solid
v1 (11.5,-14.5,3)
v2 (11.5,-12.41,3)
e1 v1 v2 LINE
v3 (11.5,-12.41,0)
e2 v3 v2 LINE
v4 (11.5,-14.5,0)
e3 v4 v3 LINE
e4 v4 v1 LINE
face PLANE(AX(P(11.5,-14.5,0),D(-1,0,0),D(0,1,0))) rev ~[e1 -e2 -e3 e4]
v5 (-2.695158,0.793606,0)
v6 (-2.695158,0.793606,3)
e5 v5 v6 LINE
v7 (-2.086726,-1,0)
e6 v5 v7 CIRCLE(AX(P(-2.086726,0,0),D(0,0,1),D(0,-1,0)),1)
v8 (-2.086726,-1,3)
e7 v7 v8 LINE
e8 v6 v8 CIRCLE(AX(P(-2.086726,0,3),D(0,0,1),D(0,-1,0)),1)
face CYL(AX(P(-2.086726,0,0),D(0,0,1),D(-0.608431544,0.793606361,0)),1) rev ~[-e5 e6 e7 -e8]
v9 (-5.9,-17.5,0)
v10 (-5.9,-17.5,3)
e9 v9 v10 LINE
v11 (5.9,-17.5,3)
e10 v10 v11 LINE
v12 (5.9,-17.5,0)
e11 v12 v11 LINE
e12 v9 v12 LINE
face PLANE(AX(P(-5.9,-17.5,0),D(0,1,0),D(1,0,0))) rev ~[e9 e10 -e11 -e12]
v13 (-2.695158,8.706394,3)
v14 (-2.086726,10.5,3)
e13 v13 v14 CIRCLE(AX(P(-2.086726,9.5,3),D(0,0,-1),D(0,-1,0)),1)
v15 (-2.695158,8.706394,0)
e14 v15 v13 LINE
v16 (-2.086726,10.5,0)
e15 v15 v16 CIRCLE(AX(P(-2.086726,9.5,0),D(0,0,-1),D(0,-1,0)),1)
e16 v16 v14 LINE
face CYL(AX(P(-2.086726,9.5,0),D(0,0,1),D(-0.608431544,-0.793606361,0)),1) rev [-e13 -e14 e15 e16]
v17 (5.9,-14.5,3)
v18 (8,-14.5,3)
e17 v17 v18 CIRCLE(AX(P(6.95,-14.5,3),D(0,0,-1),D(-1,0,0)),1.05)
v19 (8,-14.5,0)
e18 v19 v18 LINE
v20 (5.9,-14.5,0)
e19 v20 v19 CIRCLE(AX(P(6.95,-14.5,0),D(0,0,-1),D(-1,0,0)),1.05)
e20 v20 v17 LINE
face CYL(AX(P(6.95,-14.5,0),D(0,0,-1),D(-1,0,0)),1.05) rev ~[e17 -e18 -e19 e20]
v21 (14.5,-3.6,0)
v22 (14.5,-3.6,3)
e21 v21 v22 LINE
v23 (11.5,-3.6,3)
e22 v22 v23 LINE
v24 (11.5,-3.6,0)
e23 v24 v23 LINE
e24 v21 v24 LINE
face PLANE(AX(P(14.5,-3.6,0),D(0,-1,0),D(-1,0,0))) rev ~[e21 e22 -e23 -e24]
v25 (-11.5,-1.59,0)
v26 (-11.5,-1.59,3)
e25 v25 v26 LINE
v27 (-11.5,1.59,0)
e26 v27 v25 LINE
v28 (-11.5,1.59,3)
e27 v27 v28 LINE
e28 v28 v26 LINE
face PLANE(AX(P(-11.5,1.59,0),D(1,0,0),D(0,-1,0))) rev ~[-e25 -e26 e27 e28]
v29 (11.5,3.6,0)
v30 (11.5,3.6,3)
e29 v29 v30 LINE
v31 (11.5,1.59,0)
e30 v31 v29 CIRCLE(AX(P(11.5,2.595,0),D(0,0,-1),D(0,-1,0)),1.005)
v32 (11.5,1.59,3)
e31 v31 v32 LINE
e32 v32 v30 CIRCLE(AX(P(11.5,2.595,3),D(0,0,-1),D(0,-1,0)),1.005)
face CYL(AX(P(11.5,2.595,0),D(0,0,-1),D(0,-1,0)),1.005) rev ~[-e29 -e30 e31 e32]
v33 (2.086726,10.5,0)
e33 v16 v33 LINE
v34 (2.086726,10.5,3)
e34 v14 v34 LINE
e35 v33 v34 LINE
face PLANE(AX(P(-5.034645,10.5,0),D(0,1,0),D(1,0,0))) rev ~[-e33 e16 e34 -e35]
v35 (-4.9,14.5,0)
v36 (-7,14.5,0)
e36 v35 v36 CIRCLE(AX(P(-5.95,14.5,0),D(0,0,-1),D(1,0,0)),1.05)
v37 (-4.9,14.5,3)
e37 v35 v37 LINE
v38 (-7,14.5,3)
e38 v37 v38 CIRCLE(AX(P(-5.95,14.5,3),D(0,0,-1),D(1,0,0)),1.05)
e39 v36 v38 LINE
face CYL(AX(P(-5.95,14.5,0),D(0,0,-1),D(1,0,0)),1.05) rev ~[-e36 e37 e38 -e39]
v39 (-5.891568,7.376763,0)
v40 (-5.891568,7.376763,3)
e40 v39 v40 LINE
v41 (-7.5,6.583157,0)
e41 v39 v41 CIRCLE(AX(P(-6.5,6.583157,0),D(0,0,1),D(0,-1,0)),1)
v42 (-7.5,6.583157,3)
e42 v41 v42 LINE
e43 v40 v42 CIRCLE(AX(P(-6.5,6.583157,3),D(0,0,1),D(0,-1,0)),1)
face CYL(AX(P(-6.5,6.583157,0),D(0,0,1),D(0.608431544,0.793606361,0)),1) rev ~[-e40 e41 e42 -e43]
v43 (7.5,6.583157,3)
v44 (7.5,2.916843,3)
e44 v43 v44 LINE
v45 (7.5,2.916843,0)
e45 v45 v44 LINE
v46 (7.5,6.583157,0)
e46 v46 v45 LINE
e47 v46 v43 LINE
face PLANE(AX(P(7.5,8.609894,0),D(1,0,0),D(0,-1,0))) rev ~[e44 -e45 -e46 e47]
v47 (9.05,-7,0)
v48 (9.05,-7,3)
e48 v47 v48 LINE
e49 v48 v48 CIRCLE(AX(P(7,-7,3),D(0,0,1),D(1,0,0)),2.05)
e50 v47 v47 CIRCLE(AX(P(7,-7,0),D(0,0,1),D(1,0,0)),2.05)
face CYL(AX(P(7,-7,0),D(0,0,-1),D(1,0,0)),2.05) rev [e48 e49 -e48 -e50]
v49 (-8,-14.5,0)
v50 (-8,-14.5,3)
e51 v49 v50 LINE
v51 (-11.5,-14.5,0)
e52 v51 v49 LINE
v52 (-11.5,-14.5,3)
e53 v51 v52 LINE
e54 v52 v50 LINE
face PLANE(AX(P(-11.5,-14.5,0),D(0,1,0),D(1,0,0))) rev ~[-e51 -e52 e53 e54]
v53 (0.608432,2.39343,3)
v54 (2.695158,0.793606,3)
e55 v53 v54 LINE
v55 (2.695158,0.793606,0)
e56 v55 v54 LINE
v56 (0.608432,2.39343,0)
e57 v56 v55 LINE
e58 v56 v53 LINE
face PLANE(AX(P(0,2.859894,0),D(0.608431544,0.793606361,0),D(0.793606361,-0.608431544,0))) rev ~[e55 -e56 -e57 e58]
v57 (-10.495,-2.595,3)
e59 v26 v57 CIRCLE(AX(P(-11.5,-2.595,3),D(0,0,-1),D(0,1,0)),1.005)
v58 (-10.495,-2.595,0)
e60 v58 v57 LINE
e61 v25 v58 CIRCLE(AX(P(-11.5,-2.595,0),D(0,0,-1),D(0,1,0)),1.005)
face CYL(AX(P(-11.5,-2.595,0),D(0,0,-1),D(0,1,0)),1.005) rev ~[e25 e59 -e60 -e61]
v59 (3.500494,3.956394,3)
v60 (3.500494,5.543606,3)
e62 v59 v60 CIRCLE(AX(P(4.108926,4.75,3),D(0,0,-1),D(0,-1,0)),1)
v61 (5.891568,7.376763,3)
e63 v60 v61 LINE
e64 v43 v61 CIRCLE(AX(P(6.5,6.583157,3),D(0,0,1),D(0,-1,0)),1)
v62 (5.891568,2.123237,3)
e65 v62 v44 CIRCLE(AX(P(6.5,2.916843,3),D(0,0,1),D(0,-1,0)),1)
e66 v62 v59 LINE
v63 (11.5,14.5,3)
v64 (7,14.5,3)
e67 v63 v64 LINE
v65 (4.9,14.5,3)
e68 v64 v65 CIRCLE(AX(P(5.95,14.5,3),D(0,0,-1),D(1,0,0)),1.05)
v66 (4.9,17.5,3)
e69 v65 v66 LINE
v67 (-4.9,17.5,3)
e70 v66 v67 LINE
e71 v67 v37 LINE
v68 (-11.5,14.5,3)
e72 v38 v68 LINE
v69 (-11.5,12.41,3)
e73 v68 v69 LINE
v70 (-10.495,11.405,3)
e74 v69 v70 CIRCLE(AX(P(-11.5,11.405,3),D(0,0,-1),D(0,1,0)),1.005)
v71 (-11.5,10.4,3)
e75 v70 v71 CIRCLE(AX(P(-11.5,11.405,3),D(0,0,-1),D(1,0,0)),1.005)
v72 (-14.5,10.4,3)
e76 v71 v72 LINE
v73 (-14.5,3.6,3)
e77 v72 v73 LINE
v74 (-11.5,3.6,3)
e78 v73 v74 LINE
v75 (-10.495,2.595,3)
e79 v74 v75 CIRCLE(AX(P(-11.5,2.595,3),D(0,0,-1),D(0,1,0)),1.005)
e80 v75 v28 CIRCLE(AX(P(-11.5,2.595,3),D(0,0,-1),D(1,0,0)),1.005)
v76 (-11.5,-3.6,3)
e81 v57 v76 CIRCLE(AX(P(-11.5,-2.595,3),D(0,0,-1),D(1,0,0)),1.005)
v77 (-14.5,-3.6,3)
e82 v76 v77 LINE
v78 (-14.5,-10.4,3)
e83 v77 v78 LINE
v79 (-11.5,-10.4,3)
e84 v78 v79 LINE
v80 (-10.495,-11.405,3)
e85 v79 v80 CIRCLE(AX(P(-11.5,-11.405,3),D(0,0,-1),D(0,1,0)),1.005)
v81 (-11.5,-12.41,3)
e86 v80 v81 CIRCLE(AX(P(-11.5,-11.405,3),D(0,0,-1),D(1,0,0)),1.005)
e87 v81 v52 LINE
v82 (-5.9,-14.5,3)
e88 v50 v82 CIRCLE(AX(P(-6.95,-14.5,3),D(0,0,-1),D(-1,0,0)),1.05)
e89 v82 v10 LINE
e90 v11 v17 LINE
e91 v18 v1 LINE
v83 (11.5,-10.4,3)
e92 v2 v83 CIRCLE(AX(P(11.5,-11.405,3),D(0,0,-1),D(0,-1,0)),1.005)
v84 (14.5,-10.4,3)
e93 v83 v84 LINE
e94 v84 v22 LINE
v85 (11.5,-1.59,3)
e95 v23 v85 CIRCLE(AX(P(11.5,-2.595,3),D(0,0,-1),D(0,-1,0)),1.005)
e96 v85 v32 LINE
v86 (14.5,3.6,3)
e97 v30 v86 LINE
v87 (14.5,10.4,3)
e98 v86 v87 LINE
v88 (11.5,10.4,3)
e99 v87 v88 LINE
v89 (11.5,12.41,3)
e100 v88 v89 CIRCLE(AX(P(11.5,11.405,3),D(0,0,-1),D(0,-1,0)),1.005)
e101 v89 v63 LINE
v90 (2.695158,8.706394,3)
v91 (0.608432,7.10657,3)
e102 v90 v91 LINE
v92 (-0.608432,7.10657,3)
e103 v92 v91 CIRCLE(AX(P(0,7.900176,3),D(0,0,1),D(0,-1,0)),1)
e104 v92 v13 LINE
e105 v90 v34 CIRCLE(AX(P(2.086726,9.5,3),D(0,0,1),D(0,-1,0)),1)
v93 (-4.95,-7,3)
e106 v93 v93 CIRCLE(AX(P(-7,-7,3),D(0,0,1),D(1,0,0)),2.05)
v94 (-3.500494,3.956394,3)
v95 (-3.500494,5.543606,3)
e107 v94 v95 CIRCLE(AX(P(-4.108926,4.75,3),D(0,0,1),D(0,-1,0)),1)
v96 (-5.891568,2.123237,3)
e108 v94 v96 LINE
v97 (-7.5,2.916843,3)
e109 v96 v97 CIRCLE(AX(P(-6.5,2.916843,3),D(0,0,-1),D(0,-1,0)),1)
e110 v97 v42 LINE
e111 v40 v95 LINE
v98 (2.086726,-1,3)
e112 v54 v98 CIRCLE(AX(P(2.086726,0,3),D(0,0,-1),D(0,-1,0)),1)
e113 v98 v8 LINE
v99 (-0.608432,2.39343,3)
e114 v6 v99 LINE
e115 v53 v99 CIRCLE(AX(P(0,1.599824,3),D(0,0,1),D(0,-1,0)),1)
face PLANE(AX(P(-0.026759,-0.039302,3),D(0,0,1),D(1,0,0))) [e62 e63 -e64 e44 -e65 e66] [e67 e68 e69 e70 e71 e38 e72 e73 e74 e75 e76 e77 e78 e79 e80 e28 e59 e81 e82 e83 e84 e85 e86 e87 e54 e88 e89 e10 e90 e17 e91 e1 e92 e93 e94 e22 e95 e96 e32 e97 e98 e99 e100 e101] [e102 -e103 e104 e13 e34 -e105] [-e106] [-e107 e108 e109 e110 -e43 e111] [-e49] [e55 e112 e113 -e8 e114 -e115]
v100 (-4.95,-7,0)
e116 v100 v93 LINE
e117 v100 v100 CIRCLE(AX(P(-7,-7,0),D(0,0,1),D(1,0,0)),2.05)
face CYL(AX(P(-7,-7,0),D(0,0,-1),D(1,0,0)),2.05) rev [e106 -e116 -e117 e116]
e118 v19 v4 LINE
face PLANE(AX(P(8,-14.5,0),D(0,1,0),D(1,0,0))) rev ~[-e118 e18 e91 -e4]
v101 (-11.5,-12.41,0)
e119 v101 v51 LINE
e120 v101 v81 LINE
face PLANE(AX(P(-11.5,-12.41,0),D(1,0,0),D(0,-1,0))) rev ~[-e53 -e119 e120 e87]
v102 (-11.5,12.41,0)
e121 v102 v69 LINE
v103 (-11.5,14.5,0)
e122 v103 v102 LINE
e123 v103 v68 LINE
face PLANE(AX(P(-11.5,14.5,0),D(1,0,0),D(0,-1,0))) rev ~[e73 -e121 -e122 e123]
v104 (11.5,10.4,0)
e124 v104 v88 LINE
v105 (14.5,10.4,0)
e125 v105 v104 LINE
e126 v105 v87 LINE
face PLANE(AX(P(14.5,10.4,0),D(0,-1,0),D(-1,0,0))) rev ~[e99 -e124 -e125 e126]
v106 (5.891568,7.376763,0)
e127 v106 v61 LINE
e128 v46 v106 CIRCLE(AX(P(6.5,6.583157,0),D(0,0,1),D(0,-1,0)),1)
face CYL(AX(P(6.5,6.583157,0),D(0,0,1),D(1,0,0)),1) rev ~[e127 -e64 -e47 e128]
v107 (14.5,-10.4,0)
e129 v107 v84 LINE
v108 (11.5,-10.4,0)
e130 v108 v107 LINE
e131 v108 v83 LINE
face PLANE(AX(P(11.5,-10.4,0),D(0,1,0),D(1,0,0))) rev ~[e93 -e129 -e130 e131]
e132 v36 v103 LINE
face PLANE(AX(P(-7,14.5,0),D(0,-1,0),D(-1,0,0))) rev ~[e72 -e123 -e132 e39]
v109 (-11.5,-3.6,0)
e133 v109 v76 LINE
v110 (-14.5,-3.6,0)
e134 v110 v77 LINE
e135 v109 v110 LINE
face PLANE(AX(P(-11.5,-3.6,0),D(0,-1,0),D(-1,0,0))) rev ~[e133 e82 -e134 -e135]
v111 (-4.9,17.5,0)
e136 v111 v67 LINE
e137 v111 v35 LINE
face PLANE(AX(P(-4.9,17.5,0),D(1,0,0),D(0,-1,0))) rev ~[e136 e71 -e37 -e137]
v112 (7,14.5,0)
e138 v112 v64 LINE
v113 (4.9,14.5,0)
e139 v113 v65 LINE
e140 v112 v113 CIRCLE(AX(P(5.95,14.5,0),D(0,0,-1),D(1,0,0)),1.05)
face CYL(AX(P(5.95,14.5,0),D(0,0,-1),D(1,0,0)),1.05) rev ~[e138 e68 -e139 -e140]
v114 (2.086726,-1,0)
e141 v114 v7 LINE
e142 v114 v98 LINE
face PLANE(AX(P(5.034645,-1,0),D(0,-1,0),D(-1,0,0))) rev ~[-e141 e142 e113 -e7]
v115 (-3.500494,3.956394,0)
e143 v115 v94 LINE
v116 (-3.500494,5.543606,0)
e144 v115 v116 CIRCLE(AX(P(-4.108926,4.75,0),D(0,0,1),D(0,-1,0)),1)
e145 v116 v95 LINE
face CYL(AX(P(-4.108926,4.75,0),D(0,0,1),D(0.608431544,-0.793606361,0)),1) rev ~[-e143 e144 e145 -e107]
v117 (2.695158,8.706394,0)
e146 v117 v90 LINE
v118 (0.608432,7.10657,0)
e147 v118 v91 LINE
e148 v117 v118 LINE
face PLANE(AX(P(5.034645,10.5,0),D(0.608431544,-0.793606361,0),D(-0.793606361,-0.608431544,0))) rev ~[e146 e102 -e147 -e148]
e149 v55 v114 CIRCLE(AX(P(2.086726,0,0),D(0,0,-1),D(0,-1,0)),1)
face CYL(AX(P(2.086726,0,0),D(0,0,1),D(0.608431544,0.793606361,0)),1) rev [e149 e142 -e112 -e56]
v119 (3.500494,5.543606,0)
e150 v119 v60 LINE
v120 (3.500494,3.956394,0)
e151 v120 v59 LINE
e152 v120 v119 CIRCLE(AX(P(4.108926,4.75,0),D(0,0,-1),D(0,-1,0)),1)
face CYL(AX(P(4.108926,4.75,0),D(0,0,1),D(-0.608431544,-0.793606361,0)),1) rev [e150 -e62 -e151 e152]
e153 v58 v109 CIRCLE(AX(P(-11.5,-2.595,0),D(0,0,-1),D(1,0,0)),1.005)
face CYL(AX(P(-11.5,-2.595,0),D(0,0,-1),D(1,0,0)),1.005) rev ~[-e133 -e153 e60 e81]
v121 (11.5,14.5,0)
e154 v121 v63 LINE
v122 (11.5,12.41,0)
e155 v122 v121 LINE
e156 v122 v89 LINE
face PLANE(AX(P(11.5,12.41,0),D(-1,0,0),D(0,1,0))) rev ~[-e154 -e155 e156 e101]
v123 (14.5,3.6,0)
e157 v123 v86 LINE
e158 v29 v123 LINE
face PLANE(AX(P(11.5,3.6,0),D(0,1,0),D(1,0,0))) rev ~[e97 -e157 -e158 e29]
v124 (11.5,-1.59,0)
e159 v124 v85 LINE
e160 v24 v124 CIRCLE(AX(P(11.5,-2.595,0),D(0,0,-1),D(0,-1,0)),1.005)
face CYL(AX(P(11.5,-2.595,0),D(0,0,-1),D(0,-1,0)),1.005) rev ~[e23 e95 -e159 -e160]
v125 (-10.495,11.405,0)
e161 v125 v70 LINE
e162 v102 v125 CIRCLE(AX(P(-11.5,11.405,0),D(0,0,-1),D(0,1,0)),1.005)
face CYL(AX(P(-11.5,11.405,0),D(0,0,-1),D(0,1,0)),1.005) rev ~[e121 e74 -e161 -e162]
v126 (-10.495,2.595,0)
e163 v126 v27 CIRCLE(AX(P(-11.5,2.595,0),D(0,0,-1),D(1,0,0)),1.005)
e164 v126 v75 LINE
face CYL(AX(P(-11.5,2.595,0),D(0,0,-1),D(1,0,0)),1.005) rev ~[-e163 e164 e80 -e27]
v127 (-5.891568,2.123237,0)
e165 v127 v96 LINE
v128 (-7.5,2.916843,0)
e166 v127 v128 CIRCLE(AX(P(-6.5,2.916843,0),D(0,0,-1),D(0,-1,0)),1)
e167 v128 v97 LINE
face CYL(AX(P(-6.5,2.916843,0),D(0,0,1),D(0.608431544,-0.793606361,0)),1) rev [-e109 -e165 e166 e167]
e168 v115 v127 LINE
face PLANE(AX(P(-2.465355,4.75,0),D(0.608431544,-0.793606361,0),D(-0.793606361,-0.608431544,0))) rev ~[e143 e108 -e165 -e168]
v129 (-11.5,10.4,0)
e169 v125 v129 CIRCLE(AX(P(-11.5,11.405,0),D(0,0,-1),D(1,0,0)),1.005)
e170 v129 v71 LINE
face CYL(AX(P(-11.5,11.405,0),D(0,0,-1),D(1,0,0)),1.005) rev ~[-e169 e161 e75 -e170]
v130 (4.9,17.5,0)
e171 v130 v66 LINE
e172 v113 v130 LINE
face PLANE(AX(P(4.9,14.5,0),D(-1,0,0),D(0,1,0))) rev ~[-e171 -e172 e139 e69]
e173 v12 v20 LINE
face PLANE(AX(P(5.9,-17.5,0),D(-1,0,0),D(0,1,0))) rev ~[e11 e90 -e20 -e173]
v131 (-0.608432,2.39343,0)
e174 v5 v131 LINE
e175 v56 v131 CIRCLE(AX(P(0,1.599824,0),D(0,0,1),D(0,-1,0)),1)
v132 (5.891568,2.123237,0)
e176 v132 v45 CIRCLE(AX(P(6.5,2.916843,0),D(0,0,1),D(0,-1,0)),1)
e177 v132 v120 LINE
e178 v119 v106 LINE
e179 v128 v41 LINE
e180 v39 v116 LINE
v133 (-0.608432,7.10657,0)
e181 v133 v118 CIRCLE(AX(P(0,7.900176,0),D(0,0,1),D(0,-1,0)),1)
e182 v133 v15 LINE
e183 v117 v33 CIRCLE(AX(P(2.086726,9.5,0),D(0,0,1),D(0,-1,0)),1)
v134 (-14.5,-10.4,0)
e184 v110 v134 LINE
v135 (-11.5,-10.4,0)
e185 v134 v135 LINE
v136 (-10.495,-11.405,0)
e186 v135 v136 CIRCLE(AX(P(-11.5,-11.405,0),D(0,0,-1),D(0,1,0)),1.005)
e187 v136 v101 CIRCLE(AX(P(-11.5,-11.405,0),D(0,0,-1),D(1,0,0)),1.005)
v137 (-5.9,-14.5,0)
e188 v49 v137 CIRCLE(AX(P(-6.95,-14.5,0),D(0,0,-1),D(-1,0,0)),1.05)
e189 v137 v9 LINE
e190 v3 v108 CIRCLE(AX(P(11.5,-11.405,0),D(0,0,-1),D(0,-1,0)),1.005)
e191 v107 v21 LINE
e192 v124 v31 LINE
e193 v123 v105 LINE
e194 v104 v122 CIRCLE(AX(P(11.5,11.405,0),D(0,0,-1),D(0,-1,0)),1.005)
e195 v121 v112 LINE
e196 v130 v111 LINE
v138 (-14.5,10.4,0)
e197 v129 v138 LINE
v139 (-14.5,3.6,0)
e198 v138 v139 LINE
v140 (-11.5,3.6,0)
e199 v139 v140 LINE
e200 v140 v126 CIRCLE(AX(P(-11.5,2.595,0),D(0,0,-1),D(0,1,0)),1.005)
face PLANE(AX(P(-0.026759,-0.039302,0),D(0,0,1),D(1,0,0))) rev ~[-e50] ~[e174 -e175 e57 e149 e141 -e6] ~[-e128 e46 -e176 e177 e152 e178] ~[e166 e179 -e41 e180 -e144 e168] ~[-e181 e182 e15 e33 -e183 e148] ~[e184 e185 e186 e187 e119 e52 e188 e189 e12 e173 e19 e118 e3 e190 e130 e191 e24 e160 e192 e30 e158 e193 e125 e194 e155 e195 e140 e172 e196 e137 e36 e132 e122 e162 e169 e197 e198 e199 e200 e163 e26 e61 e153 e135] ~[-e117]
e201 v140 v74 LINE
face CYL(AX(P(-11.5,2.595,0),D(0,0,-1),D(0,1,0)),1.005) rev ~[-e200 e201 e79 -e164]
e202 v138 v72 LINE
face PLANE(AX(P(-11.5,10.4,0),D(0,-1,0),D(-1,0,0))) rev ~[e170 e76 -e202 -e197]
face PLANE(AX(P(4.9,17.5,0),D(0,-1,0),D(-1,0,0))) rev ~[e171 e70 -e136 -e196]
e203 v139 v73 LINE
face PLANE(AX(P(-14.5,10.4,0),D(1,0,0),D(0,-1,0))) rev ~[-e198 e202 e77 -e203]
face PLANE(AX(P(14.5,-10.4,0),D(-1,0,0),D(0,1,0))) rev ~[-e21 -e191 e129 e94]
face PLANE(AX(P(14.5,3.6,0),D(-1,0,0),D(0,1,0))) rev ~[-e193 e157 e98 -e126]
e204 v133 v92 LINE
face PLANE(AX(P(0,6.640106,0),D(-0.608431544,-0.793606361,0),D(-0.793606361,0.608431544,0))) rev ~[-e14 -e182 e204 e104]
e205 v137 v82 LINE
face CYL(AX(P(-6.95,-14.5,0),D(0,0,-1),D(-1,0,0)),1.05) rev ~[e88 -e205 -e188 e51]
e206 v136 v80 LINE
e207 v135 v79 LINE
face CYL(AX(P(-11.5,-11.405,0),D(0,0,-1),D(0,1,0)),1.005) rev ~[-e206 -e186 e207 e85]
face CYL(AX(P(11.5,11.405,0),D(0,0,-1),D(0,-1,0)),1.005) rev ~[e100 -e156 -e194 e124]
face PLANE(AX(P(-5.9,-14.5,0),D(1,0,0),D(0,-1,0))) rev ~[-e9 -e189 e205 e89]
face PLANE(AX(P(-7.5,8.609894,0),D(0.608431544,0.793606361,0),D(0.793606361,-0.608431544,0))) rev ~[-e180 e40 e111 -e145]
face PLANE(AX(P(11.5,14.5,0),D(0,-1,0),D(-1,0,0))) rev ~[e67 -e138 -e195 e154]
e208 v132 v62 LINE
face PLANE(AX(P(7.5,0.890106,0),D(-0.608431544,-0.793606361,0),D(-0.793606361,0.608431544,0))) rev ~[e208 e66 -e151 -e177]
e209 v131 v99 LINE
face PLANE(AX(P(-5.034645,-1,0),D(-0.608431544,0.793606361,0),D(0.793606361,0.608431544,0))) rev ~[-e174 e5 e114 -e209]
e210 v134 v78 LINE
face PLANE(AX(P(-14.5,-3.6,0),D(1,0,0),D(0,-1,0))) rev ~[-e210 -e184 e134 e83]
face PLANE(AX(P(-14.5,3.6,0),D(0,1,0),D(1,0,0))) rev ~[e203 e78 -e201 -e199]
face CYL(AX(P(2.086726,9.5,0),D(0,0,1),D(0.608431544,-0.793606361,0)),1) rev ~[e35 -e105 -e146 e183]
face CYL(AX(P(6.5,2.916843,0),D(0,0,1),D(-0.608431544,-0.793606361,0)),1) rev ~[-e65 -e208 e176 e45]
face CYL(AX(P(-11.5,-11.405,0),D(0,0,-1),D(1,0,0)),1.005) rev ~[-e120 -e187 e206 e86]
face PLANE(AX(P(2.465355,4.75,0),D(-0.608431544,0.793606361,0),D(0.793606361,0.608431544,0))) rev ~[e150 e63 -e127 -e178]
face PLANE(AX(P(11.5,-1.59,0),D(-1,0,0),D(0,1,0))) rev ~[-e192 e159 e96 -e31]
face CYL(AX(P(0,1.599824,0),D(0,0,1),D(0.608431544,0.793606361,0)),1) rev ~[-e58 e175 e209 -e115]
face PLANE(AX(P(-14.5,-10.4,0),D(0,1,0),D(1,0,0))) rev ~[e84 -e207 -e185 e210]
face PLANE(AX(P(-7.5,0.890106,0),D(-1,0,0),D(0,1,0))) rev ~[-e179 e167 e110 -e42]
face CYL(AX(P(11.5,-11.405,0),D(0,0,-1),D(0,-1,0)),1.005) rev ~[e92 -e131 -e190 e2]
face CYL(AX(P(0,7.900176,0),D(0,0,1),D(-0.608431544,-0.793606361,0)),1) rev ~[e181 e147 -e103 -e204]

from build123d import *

# Parameters (mm, degrees)
SKETCH_1_R      = 2.05
EXTRUDE_1_DEPTH = 3
FILLET_1_R      = 1


with BuildPart() as part:
    # 草图1 → 凸台-拉伸1 (new body)
    with BuildSketch(Plane.XY):
        with BuildLine():
            Line((8, -14.5), (11.5, -14.5))
            Line((11.5, -14.5), (11.5, -12.41))
            ThreePointArc((11.5, -12.41), (10.495, -11.405), (11.5, -10.4))
            Line((11.5, -10.4), (14.5, -10.4))
            Line((14.5, -10.4), (14.5, -3.6))
            Line((14.5, -3.6), (11.5, -3.6))
            ThreePointArc((11.5, -3.6), (10.495, -2.595), (11.5, -1.59))
            Line((11.5, -1.59), (11.5, 1.59))
            ThreePointArc((11.5, 1.59), (10.495, 2.595), (11.5, 3.6))
            Line((11.5, 3.6), (14.5, 3.6))
            Line((14.5, 3.6), (14.5, 10.4))
            Line((14.5, 10.4), (11.5, 10.4))
            ThreePointArc((11.5, 10.4), (10.495, 11.405), (11.5, 12.41))
            Line((11.5, 12.41), (11.5, 14.5))
            Line((11.5, 14.5), (7, 14.5))
            ThreePointArc((7, 14.5), (5.95, 13.45), (4.9, 14.5))
            Line((4.9, 14.5), (4.9, 17.5))
            Line((4.9, 17.5), (-4.9, 17.5))
            Line((-4.9, 17.5), (-4.9, 14.5))
            ThreePointArc((-4.9, 14.5), (-5.95, 13.45), (-7, 14.5))
            Line((-7, 14.5), (-11.5, 14.5))
            Line((-11.5, 14.5), (-11.5, 12.41))
            ThreePointArc((-11.5, 12.41), (-10.789357685, 12.115642315), (-10.495, 11.405))
            ThreePointArc((-10.495, 11.405), (-10.789357685, 10.694357685), (-11.5, 10.4))
            Line((-11.5, 10.4), (-14.5, 10.4))
            Line((-14.5, 10.4), (-14.5, 3.6))
            Line((-14.5, 3.6), (-11.5, 3.6))
            ThreePointArc((-11.5, 3.6), (-10.789357685, 3.305642315), (-10.495, 2.595))
            ThreePointArc((-10.495, 2.595), (-10.789357685, 1.884357685), (-11.5, 1.59))
            Line((-11.5, 1.59), (-11.5, -1.59))
            ThreePointArc((-11.5, -1.59), (-10.789357685, -1.884357685), (-10.495, -2.595))
            ThreePointArc((-10.495, -2.595), (-10.789357685, -3.305642315), (-11.5, -3.6))
            Line((-11.5, -3.6), (-14.5, -3.6))
            Line((-14.5, -3.6), (-14.5, -10.4))
            Line((-14.5, -10.4), (-11.5, -10.4))
            ThreePointArc((-11.5, -10.4), (-10.789357685, -10.694357685), (-10.495, -11.405))
            ThreePointArc((-10.495, -11.405), (-10.789357685, -12.115642315), (-11.5, -12.41))
            Line((-11.5, -12.41), (-11.5, -14.5))
            Line((-11.5, -14.5), (-8, -14.5))
            ThreePointArc((-8, -14.5), (-6.95, -13.45), (-5.9, -14.5))
            Line((-5.9, -14.5), (-5.9, -17.5))
            Line((-5.9, -17.5), (5.9, -17.5))
            Line((5.9, -17.5), (5.9, -14.5))
            ThreePointArc((5.9, -14.5), (6.95, -13.45), (8, -14.5))
        make_face()
        with Locations((-7, -7)):
            Circle(SKETCH_1_R, mode=Mode.SUBTRACT)
        with Locations((7, -7)):
            Circle(SKETCH_1_R, mode=Mode.SUBTRACT)
        Polygon((-7.5, 0.890105817), (-7.5, 8.609894183), (-2.465355414, 4.75), align=None, mode=Mode.SUBTRACT)
        Polygon((5.034644586, -1), (-5.034644586, -1), (0, 2.859894183), align=None, mode=Mode.SUBTRACT)
        Polygon((-5.034644586, 10.5), (5.034644586, 10.5), (0, 6.640105817), align=None, mode=Mode.SUBTRACT)
        Polygon((2.465355414, 4.75), (7.5, 8.609894183), (7.5, 0.890105817), align=None, mode=Mode.SUBTRACT)
    extrude(amount=EXTRUDE_1_DEPTH)

    # 圆角1
    fillet_1_edges = [part.edges().sort_by_distance(p)[0] for p in [
        (5.034644586, -1, 1.5),
        (0, 2.859894183, 1.5),
        (-7.5, 8.609894183, 1.5),
        (-7.5, 0.890105817, 1.5),
        (-2.465355414, 4.75, 1.5),
        (0, 6.640105817, 1.5),
        (5.034644586, 10.5, 1.5),
        (-5.034644586, 10.5, 1.5),
        (7.5, 0.890105817, 1.5),
        (7.5, 8.609894183, 1.5),
        (2.465355414, 4.75, 1.5),
        (-5.034644586, -1, 1.5),
    ]]
    fillet(fillet_1_edges, radius=FILLET_1_R)


solid = part.part
